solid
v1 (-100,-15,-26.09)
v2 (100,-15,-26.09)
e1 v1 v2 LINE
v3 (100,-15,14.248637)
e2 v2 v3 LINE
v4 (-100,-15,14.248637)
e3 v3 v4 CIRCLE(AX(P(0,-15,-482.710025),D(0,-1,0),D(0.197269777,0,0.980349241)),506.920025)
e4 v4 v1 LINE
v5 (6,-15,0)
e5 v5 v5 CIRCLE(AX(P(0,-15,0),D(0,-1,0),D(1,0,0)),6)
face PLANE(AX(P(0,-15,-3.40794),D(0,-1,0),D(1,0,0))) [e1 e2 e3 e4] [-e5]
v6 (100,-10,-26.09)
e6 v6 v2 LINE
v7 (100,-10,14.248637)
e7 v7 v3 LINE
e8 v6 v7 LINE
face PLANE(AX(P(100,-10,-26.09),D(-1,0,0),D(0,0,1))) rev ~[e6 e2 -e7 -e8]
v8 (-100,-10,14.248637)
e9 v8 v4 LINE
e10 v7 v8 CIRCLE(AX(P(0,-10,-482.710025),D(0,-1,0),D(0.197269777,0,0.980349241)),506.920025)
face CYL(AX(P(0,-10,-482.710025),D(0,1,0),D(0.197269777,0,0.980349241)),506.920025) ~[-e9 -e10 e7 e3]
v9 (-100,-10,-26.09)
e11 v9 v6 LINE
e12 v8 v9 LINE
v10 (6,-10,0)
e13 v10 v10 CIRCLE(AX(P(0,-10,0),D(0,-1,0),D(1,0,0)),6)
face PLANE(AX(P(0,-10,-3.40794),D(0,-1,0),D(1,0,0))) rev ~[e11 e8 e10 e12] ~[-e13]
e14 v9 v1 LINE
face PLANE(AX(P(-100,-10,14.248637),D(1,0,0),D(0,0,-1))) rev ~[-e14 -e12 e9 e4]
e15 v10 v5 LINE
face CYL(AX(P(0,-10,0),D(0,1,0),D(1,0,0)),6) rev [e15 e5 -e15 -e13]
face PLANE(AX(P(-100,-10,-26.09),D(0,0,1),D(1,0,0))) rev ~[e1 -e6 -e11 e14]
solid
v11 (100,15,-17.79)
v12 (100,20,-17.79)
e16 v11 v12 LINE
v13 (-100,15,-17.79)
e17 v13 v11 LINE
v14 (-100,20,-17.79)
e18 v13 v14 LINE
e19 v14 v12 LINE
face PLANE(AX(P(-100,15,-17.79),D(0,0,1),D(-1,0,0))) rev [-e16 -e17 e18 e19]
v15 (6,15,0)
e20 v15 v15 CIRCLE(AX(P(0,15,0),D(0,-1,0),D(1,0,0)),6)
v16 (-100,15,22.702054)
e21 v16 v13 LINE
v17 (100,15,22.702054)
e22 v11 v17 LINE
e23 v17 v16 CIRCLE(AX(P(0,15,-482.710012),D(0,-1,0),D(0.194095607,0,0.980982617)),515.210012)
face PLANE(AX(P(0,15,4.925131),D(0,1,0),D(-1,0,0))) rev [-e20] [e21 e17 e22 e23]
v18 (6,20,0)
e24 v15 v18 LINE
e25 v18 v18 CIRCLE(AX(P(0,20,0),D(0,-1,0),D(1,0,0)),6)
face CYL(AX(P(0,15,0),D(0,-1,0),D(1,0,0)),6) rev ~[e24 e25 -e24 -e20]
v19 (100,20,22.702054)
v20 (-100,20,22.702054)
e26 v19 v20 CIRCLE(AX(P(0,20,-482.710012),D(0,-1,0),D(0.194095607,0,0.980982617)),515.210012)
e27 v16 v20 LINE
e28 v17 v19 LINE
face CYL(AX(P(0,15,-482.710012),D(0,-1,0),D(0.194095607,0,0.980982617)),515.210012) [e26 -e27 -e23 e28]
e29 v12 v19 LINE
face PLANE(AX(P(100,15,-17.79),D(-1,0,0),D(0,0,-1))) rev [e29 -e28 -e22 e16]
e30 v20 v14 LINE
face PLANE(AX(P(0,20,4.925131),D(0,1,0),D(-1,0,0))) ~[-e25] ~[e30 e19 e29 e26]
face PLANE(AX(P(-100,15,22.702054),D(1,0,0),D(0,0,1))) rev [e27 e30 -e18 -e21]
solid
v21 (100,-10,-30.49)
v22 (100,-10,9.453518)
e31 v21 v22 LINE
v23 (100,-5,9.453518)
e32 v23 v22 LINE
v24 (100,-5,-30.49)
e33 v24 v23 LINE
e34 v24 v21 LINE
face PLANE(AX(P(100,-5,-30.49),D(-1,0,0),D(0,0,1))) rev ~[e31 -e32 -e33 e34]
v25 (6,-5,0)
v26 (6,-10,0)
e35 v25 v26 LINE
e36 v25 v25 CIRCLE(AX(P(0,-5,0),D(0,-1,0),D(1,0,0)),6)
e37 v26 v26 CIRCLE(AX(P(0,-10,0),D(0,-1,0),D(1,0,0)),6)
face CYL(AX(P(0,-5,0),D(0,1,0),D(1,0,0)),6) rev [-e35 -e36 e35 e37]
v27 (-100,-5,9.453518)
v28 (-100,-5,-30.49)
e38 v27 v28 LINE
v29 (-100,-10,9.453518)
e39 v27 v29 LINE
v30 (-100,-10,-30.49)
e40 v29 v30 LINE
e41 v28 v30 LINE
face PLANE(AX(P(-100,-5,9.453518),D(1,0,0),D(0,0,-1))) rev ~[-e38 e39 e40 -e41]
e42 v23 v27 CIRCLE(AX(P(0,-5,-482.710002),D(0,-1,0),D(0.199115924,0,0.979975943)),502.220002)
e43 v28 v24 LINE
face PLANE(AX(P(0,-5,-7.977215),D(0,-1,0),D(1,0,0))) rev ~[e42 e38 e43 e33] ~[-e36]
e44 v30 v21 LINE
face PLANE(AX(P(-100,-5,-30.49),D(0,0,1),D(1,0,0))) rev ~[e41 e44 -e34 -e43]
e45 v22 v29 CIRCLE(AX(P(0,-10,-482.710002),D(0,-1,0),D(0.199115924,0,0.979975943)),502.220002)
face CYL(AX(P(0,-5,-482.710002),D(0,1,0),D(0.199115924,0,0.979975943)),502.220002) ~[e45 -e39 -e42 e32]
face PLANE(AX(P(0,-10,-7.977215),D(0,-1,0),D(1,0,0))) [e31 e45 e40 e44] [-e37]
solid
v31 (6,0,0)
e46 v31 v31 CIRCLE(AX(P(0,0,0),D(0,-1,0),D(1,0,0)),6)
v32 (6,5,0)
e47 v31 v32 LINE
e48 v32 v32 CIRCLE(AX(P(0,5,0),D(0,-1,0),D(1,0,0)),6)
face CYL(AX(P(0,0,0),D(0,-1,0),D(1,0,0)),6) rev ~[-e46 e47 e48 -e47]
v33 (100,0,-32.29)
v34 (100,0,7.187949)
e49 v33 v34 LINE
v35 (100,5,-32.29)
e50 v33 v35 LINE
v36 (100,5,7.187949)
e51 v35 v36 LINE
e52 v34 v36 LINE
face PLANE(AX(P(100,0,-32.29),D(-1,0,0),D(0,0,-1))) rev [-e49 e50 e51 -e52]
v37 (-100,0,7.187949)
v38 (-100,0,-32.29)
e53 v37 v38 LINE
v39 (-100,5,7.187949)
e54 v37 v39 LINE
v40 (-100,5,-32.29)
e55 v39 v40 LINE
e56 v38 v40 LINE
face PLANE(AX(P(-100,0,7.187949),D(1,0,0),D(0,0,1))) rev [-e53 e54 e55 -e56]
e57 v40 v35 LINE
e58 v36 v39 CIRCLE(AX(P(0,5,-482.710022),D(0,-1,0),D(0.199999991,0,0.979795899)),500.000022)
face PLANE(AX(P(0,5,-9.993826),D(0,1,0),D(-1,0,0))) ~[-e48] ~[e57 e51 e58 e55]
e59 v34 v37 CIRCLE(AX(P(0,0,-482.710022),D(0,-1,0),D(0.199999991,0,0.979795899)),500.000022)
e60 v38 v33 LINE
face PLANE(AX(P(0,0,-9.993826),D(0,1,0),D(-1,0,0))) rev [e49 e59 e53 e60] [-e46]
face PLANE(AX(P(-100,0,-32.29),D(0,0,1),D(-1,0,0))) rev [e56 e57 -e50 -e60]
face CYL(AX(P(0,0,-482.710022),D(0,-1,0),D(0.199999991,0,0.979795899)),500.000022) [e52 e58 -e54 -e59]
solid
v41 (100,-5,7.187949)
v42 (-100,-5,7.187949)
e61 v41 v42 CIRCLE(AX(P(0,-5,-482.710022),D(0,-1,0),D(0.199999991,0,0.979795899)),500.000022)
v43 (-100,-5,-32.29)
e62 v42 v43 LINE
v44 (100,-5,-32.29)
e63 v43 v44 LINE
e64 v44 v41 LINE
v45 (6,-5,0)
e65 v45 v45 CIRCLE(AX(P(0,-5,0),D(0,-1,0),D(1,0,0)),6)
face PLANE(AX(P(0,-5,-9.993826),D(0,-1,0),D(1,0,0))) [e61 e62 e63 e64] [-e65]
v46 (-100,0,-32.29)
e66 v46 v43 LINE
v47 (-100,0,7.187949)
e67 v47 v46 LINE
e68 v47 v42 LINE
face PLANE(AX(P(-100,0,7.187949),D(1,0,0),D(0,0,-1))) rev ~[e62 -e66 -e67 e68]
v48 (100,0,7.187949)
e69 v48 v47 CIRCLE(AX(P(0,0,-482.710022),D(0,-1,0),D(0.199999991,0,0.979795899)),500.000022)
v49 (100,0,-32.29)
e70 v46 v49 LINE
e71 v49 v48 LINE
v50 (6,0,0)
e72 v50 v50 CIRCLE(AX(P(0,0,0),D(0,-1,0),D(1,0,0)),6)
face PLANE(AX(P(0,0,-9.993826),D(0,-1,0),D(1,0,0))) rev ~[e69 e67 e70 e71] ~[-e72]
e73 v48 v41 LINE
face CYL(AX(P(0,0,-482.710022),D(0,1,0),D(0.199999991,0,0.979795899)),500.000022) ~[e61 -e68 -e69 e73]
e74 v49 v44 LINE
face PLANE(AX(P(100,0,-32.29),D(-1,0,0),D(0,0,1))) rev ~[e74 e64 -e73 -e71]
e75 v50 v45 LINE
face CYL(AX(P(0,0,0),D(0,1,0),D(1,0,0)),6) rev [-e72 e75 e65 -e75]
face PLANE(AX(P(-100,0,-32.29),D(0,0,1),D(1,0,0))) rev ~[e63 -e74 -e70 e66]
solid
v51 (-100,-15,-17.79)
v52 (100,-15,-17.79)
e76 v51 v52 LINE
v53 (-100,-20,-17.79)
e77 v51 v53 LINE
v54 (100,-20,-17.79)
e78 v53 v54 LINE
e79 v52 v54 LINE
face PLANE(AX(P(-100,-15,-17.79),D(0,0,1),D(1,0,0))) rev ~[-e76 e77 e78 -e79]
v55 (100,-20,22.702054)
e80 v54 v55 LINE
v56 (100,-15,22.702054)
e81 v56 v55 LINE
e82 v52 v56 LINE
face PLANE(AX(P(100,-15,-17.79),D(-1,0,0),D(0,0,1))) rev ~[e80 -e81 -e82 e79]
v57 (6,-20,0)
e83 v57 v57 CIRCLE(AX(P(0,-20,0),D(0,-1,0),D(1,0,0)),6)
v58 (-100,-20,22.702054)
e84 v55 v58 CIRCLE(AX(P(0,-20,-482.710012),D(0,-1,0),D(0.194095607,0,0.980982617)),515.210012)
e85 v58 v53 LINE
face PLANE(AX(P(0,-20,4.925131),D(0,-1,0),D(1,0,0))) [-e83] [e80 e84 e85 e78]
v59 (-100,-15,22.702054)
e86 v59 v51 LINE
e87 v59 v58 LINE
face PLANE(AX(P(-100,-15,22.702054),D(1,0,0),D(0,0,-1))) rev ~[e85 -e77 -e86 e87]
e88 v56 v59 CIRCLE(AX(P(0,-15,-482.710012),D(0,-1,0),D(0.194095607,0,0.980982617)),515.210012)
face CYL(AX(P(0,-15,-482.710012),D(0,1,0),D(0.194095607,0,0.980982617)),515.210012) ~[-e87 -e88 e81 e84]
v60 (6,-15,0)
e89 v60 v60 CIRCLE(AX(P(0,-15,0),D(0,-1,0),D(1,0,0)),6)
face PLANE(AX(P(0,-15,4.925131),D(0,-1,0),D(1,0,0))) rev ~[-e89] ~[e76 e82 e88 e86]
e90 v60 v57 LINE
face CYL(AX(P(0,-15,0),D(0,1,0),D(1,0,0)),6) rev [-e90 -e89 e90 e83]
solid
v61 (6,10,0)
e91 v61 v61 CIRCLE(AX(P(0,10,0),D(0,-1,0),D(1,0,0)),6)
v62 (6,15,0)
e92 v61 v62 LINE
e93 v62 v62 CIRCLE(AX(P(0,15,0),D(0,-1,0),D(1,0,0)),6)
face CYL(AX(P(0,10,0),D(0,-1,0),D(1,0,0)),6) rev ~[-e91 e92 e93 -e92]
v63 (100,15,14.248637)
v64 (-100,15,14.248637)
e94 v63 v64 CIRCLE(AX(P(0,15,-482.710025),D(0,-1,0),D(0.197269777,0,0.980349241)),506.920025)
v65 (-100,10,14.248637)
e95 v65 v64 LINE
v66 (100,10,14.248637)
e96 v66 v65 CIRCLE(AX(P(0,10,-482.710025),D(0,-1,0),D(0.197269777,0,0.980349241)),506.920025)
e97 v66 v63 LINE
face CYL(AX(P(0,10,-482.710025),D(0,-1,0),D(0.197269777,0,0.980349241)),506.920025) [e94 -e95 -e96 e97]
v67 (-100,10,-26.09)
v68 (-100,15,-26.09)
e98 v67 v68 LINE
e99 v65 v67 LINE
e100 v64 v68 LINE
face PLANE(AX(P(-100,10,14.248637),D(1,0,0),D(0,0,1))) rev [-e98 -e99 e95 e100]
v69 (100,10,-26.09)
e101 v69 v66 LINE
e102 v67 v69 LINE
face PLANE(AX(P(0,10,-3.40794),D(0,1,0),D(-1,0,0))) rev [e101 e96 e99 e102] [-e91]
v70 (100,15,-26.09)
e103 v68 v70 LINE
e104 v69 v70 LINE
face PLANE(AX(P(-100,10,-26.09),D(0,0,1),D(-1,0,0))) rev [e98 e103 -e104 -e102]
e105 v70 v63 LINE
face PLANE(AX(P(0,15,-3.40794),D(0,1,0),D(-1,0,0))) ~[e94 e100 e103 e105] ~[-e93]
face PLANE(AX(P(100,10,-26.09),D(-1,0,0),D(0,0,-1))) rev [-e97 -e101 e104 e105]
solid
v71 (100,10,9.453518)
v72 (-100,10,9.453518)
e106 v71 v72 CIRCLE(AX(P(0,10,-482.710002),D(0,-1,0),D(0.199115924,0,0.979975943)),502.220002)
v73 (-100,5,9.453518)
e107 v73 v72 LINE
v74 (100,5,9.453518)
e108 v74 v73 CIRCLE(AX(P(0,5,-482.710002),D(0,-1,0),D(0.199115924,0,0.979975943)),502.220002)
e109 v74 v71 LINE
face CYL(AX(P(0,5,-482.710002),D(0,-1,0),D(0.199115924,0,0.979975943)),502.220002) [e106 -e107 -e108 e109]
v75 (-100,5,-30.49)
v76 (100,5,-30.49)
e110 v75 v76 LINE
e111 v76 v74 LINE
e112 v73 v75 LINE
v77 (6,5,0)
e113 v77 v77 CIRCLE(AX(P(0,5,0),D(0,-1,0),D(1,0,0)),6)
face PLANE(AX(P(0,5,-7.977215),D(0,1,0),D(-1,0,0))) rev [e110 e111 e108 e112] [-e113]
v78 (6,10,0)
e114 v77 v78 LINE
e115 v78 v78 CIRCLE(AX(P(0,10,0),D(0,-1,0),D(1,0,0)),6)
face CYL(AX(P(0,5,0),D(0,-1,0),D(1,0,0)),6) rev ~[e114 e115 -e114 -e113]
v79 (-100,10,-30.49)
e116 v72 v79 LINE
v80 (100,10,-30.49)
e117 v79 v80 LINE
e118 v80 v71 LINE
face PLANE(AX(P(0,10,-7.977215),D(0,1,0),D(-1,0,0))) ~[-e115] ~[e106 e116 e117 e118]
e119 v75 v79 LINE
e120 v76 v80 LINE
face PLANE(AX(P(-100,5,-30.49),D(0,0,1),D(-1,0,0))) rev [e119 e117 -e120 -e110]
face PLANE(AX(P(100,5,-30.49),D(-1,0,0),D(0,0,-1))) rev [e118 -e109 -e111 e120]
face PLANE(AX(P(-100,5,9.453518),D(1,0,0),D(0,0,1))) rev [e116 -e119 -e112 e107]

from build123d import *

# Parameters (mm, degrees)
F0_R     = 6
F1_DEPTH = 5
F2_R     = 6
F3_DEPTH = 5
F4_R     = 6
F5_DEPTH = 5
F6_R     = 6
F7_DEPTH = 5


with BuildPart() as f1:
    # F0 (on Front) → F1 (new body)
    with BuildSketch(Plane.XZ):
        with BuildLine():
            Line((-100, 7.187949), (-100, -32.29))
            Line((-100, -32.29), (100, -32.29))
            Line((100, -32.29), (100, 7.187949))
            ThreePointArc((100, 7.187949), (0, 17.29), (-100, 7.187949))
        make_face()
        Circle(F0_R, mode=Mode.SUBTRACT)
    extrude(amount=F1_DEPTH)


with BuildPart() as f3:
    # F2 (on face) → F3 (new body)
    with BuildSketch(Plane.XZ.offset(5)):
        with BuildLine():
            Line((-100, -30.49), (100, -30.49))
            Line((100, -30.49), (100, 9.453518))
            ThreePointArc((100, 9.453518), (0, 19.51), (-100, 9.453518))
            Line((-100, 9.453518), (-100, -30.49))
        make_face()
        Circle(F2_R, mode=Mode.SUBTRACT)
    extrude(amount=F3_DEPTH)


with BuildPart() as f5:
    # F4 (on face) → F5 (new body)
    with BuildSketch(Plane.XZ.offset(10)):
        with BuildLine():
            Line((-100, -26.09), (100, -26.09))
            Line((100, -26.09), (100, 14.248637))
            ThreePointArc((100, 14.248637), (0, 24.21), (-100, 14.248637))
            Line((-100, 14.248637), (-100, -26.09))
        make_face()
        Circle(F4_R, mode=Mode.SUBTRACT)
    extrude(amount=F5_DEPTH)


with BuildPart() as f7:
    # F6 (on face) → F7 (new body)
    with BuildSketch(Plane.XZ.offset(15)):
        with BuildLine():
            Line((-100, -17.79), (100, -17.79))
            Line((100, -17.79), (100, 22.702054))
            ThreePointArc((100, 22.702054), (0, 32.5), (-100, 22.702054))
            Line((-100, 22.702054), (-100, -17.79))
        make_face()
        Circle(F6_R, mode=Mode.SUBTRACT)
    extrude(amount=F7_DEPTH)


with BuildPart() as f8_1:
    # F8: instance of F1
    add(f1.part.mirror(Plane.XZ))


with BuildPart() as f8_2:
    # F8: instance of F3
    add(f3.part.mirror(Plane.XZ))


with BuildPart() as f8_3:
    # F8: instance of F5
    add(f5.part.mirror(Plane.XZ))


with BuildPart() as f8_4:
    # F8: instance of F7
    add(f7.part.mirror(Plane.XZ))


solid = Compound([f1.part, f3.part, f5.part, f7.part, f8_1.part, f8_2.part, f8_3.part, f8_4.part])
